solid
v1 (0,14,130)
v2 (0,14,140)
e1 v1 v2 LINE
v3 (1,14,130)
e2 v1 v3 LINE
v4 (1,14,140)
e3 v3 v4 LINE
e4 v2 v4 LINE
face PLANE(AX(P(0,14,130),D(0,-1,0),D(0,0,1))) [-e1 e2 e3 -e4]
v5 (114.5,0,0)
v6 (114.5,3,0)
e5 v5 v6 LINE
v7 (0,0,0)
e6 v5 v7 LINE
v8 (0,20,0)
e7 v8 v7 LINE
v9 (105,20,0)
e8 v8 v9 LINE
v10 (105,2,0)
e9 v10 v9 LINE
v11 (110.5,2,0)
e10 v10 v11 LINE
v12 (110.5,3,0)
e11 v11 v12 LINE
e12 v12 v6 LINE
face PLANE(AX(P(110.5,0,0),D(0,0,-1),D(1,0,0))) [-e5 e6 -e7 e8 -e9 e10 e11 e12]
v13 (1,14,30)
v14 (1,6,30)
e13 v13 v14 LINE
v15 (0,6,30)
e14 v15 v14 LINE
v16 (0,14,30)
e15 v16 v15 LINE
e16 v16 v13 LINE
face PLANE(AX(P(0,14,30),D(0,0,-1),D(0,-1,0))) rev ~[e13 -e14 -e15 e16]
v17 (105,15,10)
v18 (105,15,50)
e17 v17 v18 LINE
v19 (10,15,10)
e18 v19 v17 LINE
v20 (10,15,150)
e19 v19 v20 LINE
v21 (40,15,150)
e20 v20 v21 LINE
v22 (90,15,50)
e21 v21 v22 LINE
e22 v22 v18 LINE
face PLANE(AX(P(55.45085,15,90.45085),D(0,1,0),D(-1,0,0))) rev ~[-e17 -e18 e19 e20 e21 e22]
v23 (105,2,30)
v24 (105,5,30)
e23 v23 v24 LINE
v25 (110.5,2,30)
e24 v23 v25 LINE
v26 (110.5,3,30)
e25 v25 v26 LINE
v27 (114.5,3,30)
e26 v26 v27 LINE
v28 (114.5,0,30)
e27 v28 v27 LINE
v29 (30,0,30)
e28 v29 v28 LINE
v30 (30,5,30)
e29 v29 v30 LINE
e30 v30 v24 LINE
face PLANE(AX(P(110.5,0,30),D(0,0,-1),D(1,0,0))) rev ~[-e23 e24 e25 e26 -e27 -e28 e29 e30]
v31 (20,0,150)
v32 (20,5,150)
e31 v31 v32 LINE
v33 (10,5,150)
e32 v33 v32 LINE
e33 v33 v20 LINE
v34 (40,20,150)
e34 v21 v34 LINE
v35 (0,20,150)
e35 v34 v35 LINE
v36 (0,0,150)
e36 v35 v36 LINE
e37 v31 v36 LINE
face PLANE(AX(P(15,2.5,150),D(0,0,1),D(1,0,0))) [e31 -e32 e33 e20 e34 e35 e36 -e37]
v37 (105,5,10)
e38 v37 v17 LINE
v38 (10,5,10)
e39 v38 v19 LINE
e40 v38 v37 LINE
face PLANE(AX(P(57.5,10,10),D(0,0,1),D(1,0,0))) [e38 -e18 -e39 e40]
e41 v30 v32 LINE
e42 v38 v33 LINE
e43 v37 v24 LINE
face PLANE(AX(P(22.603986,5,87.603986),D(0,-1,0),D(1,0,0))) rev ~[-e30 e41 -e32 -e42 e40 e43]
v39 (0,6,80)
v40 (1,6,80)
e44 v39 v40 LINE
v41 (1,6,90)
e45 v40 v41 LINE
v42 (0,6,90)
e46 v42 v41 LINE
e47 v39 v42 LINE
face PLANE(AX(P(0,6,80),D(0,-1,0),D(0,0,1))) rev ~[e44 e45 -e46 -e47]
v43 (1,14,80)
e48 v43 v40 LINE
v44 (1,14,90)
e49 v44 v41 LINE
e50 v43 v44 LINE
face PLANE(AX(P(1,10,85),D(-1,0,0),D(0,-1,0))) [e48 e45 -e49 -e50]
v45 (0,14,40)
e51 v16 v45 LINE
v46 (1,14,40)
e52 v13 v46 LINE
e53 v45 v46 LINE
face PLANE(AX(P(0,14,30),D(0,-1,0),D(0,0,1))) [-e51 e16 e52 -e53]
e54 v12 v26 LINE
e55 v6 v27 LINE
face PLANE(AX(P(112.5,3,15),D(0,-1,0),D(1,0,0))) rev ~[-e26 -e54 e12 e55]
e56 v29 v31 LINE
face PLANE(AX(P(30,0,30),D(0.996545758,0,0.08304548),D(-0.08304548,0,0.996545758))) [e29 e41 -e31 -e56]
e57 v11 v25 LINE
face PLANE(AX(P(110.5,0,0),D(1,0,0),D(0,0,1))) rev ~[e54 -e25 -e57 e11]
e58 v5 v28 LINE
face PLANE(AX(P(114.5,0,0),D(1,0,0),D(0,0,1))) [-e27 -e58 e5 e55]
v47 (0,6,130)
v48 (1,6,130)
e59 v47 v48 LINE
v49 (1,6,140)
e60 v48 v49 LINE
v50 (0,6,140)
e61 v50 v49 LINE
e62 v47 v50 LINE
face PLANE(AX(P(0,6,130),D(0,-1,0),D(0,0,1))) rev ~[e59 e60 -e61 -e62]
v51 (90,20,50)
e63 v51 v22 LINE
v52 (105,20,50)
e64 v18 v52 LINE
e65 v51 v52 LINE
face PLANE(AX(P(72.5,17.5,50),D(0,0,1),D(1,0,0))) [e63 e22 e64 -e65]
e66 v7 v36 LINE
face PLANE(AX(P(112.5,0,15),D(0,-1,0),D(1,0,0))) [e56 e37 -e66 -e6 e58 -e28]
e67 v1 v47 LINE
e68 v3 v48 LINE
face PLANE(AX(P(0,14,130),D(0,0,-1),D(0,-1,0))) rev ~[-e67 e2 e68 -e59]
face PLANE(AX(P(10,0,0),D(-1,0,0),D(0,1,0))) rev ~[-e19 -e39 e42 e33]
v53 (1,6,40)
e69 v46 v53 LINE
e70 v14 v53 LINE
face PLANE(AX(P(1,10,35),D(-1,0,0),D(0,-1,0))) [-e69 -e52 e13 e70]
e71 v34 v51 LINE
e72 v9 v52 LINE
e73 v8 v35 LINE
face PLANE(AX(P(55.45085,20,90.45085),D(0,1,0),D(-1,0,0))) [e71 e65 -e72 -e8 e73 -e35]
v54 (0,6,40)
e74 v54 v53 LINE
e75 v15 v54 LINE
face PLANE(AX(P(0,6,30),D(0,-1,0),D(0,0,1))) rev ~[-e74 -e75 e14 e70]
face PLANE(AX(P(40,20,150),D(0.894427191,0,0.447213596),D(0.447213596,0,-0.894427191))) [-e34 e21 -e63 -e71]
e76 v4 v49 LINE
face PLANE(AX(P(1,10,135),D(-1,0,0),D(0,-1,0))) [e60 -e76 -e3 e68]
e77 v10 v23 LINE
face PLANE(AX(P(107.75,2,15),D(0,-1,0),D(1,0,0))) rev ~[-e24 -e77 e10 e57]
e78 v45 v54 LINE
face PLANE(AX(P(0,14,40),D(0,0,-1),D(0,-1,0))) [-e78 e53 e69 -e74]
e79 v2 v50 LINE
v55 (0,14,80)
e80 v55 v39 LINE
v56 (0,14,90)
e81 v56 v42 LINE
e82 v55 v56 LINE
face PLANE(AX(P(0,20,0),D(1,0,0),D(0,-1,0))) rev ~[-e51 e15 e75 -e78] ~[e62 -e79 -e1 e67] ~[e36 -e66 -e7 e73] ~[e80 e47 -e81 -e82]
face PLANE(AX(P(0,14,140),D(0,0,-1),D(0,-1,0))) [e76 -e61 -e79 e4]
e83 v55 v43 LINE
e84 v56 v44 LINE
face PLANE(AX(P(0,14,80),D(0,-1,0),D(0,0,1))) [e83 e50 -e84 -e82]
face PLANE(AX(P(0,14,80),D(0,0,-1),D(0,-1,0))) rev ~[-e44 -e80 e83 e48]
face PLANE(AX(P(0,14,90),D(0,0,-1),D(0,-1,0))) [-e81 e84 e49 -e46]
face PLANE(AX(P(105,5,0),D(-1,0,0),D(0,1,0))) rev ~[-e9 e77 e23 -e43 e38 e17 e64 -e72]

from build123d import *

# Parameters (mm, degrees)
F0_W      = 30
F0_H      = 5
F1_DEPTH  = 150
F2_W      = 95
F2_H      = 5
F3_DEPTH  = 30
F4_W      = 10
F4_H      = 5
F5_DEPTH  = 120
F7_DEPTH  = 5
F8_W      = 65
F8_H      = 5
F9_DEPTH  = 50
F11_DEPTH = 5
F12_W     = 95
F12_H     = 10
F13_DEPTH = 10
F14_W     = 5.5
F14_H     = 30
F15_DEPTH = 2
F16_W     = 4
F16_H     = 30
F17_DEPTH = 3
F18_W     = 8
F18_H     = 10
F19_DEPTH = 1


with BuildPart() as f1:
    # F0 (on Top) → F1 (new body)
    with BuildSketch(Plane.XY):
        Polygon((0, 20), (0, 0), (10, 0), (10, 15), (10, 20), align=None)
        with Locations((25, 17.5)):
            Rectangle(F0_W, F0_H)
    extrude(amount=F1_DEPTH)

    # F2 (on Top) → F3 (join)
    with BuildSketch(Plane.XY):
        with Locations((57.5, 2.5)):
            Rectangle(F2_W, F2_H)
    extrude(amount=F3_DEPTH)

    # F4 (on face) → F5 (join)
    with BuildSketch(Plane.XY.offset(30)):
        with Locations((15, 2.5)):
            Rectangle(F4_W, F4_H)
    extrude(amount=F5_DEPTH)

    # F6 (on face) → F7 (join)
    with BuildSketch(Plane.XZ):
        Polygon((30, 30), (20, 150), (20, 30), align=None)
    extrude(amount=-F7_DEPTH)

    # F8 (on Top) → F9 (join)
    with BuildSketch(Plane.XY):
        with Locations((72.5, 17.5)):
            Rectangle(F8_W, F8_H)
    extrude(amount=F9_DEPTH)

    # F10 (on face) → F11 (join)
    with BuildSketch(Plane(origin=(0, 20, 0), x_dir=(-1, 0, 0), z_dir=(0, 1, 0))):
        Polygon((-90, 50), (-40, 50), (-40, 150), align=None)
    extrude(amount=-F11_DEPTH)

    # F12 (on Top) → F13 (join)
    with BuildSketch(Plane.XY):
        with Locations((57.5, 10)):
            Rectangle(F12_W, F12_H)
    extrude(amount=F13_DEPTH)

    # F14 (on face) → F15 (join)
    with BuildSketch(Plane.XZ):
        with Locations((107.75, 15)):
            Rectangle(F14_W, F14_H)
    extrude(amount=-F15_DEPTH)

    # F16 (on face) → F17 (join)
    with BuildSketch(Plane.XZ):
        with Locations((112.5, 15)):
            Rectangle(F16_W, F16_H)
    extrude(amount=-F17_DEPTH)

    # F18 (on face) → F19 (cut)
    with BuildSketch(Plane(origin=(0, 0, 0), x_dir=(0, -1, 0), z_dir=(-1, 0, 0))):
        with Locations((-10, 35)):
            Rectangle(F18_W, F18_H)
        with Locations((-10, 85)):
            Rectangle(F18_W, F18_H)
        with Locations((-10, 135)):
            Rectangle(F18_W, F18_H)
    extrude(amount=-F19_DEPTH, mode=Mode.SUBTRACT)


solid = f1.part
